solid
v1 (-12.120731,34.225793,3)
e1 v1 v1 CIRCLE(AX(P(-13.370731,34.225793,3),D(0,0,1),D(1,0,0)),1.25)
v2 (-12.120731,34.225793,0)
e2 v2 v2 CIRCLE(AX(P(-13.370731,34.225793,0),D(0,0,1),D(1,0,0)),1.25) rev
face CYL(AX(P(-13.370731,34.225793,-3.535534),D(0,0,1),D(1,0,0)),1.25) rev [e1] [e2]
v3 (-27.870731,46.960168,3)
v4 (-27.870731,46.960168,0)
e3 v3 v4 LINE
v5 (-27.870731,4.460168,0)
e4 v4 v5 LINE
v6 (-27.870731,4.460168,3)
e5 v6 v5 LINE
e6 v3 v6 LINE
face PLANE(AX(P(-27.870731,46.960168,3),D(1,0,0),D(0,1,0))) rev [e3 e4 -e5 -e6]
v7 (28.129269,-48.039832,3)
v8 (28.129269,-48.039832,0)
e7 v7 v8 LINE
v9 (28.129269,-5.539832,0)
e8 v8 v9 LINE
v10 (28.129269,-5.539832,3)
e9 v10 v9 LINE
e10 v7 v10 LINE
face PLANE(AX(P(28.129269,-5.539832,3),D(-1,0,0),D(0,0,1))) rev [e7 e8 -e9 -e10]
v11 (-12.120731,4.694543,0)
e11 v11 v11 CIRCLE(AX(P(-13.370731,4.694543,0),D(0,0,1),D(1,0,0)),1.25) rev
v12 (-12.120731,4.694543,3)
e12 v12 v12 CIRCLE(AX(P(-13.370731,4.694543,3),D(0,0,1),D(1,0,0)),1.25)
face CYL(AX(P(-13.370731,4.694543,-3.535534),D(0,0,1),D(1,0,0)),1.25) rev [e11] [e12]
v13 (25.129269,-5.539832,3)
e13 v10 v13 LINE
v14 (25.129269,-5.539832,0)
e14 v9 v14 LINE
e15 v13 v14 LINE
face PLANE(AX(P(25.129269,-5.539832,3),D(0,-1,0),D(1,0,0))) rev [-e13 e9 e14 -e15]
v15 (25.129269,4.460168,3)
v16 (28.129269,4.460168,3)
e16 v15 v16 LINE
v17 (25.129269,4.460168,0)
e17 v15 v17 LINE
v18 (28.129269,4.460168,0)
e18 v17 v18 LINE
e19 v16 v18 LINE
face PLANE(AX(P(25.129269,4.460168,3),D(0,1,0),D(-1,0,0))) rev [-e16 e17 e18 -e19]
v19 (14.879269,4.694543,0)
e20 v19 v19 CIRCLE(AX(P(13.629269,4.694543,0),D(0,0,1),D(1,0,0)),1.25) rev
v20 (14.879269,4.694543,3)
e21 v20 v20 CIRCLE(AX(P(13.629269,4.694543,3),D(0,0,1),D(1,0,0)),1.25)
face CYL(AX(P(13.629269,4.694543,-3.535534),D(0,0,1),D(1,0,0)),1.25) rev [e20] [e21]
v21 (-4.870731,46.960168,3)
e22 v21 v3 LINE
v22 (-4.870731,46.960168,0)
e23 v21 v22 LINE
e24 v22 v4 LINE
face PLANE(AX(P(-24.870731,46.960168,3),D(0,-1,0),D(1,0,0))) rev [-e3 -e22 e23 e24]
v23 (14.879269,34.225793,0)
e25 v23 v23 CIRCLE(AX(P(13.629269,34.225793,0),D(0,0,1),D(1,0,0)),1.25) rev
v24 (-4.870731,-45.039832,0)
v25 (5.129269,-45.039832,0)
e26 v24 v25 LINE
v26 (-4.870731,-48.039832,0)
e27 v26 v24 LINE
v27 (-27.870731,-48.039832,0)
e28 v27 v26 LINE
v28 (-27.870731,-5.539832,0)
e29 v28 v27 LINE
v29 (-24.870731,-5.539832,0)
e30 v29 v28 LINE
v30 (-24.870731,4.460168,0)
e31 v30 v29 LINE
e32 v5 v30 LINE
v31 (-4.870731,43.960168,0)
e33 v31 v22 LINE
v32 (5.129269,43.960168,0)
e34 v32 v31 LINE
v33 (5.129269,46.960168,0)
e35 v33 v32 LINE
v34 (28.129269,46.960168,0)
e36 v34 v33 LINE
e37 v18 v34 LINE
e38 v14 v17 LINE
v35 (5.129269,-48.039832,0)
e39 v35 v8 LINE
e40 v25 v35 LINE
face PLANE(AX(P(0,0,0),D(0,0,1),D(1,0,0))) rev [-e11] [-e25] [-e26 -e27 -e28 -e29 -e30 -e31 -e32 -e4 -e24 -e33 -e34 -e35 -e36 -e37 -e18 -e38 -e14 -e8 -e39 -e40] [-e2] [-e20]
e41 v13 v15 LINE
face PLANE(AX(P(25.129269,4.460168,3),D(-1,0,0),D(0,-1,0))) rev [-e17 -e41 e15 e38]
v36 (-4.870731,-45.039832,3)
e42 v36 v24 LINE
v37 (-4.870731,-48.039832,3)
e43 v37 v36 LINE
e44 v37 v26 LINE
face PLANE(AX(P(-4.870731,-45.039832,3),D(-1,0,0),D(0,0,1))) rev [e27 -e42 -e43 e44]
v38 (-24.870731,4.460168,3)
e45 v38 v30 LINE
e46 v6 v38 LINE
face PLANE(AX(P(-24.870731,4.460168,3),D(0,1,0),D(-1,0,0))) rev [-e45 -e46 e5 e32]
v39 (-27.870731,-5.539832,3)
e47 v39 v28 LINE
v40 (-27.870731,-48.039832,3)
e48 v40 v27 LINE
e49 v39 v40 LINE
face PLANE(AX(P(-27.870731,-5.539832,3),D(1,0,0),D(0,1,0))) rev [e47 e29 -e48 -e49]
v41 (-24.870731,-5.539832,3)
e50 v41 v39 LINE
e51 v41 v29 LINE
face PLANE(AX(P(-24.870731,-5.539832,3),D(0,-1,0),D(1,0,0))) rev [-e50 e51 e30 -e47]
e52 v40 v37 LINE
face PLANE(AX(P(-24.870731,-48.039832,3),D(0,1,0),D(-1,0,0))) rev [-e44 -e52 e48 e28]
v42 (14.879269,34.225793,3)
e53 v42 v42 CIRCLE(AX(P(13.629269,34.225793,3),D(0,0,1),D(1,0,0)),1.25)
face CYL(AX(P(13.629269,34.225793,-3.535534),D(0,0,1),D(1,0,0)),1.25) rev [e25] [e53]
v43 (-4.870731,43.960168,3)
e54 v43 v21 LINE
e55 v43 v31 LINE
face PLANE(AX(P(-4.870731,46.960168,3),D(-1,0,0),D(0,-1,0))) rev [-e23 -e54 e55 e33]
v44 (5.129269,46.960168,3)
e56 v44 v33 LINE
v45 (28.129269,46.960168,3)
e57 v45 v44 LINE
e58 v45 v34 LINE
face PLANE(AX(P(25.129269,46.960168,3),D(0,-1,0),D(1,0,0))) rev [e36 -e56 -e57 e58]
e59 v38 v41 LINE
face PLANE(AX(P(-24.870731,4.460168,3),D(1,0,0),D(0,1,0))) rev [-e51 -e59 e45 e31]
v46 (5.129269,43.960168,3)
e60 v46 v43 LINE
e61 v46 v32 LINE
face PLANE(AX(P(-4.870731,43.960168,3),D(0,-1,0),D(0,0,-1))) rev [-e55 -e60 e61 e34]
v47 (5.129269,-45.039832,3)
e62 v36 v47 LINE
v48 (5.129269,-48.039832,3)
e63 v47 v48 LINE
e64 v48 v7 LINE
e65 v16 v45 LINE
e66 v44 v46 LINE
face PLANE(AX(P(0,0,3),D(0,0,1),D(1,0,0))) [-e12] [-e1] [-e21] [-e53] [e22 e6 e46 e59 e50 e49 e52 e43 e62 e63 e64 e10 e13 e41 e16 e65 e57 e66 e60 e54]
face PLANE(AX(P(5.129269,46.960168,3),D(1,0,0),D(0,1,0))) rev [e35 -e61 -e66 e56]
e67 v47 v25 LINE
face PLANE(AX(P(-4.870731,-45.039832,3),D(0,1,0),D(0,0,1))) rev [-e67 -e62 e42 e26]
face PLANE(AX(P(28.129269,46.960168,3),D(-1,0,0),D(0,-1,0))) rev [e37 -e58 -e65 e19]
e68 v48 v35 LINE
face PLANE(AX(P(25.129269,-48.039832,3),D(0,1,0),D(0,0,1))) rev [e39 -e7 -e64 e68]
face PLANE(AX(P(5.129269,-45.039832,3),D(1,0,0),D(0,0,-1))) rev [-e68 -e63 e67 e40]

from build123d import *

# Parameters (mm, degrees)
BOSS_EXTRUDE1_DEPTH = 3
SKETCH2_R           = 1.25
CUT_EXTRUDE1_DEPTH  = 3


with BuildPart() as part:
    # Sketch1 → Boss-Extrude1 (new body)
    with BuildSketch(Plane.XY):
        Polygon((28.129269299, -5.5398317), (28.129269299, -48.0398317), (25.129269299, -48.0398317), (5.129269299, -48.0398317), (5.129269299, -45.0398317), (-4.870730701, -45.0398317), (-4.870730701, -48.0398317), (-24.870730701, -48.0398317), (-27.870730701, -48.0398317), (-27.870730701, -5.5398317), (-24.870730701, -5.5398317), (-24.870730701, 4.4601683), (-27.870730701, 4.4601683), (-27.870730701, 46.9601683), (-24.870730701, 46.9601683), (-4.870730701, 46.9601683), (-4.870730701, 43.9601683), (5.129269299, 43.9601683), (5.129269299, 46.9601683), (25.129269299, 46.9601683), (28.129269299, 46.9601683), (28.129269299, 4.4601683), (25.129269299, 4.4601683), (25.129269299, -5.5398317), align=None)
    extrude(amount=BOSS_EXTRUDE1_DEPTH)

    # Sketch2 → Cut-Extrude1 (cut)
    with BuildSketch(Plane.XY.offset(3)):
        with Locations((13.629269299, 34.2257933)):
            Circle(SKETCH2_R)
        with Locations((13.629269299, 4.6945433)):
            Circle(SKETCH2_R)
        with Locations((-13.370730701, 34.2257933)):
            Circle(SKETCH2_R)
        with Locations((-13.370730701, 4.6945433)):
            Circle(SKETCH2_R)
    extrude(amount=-CUT_EXTRUDE1_DEPTH, mode=Mode.SUBTRACT)


solid = part.part
